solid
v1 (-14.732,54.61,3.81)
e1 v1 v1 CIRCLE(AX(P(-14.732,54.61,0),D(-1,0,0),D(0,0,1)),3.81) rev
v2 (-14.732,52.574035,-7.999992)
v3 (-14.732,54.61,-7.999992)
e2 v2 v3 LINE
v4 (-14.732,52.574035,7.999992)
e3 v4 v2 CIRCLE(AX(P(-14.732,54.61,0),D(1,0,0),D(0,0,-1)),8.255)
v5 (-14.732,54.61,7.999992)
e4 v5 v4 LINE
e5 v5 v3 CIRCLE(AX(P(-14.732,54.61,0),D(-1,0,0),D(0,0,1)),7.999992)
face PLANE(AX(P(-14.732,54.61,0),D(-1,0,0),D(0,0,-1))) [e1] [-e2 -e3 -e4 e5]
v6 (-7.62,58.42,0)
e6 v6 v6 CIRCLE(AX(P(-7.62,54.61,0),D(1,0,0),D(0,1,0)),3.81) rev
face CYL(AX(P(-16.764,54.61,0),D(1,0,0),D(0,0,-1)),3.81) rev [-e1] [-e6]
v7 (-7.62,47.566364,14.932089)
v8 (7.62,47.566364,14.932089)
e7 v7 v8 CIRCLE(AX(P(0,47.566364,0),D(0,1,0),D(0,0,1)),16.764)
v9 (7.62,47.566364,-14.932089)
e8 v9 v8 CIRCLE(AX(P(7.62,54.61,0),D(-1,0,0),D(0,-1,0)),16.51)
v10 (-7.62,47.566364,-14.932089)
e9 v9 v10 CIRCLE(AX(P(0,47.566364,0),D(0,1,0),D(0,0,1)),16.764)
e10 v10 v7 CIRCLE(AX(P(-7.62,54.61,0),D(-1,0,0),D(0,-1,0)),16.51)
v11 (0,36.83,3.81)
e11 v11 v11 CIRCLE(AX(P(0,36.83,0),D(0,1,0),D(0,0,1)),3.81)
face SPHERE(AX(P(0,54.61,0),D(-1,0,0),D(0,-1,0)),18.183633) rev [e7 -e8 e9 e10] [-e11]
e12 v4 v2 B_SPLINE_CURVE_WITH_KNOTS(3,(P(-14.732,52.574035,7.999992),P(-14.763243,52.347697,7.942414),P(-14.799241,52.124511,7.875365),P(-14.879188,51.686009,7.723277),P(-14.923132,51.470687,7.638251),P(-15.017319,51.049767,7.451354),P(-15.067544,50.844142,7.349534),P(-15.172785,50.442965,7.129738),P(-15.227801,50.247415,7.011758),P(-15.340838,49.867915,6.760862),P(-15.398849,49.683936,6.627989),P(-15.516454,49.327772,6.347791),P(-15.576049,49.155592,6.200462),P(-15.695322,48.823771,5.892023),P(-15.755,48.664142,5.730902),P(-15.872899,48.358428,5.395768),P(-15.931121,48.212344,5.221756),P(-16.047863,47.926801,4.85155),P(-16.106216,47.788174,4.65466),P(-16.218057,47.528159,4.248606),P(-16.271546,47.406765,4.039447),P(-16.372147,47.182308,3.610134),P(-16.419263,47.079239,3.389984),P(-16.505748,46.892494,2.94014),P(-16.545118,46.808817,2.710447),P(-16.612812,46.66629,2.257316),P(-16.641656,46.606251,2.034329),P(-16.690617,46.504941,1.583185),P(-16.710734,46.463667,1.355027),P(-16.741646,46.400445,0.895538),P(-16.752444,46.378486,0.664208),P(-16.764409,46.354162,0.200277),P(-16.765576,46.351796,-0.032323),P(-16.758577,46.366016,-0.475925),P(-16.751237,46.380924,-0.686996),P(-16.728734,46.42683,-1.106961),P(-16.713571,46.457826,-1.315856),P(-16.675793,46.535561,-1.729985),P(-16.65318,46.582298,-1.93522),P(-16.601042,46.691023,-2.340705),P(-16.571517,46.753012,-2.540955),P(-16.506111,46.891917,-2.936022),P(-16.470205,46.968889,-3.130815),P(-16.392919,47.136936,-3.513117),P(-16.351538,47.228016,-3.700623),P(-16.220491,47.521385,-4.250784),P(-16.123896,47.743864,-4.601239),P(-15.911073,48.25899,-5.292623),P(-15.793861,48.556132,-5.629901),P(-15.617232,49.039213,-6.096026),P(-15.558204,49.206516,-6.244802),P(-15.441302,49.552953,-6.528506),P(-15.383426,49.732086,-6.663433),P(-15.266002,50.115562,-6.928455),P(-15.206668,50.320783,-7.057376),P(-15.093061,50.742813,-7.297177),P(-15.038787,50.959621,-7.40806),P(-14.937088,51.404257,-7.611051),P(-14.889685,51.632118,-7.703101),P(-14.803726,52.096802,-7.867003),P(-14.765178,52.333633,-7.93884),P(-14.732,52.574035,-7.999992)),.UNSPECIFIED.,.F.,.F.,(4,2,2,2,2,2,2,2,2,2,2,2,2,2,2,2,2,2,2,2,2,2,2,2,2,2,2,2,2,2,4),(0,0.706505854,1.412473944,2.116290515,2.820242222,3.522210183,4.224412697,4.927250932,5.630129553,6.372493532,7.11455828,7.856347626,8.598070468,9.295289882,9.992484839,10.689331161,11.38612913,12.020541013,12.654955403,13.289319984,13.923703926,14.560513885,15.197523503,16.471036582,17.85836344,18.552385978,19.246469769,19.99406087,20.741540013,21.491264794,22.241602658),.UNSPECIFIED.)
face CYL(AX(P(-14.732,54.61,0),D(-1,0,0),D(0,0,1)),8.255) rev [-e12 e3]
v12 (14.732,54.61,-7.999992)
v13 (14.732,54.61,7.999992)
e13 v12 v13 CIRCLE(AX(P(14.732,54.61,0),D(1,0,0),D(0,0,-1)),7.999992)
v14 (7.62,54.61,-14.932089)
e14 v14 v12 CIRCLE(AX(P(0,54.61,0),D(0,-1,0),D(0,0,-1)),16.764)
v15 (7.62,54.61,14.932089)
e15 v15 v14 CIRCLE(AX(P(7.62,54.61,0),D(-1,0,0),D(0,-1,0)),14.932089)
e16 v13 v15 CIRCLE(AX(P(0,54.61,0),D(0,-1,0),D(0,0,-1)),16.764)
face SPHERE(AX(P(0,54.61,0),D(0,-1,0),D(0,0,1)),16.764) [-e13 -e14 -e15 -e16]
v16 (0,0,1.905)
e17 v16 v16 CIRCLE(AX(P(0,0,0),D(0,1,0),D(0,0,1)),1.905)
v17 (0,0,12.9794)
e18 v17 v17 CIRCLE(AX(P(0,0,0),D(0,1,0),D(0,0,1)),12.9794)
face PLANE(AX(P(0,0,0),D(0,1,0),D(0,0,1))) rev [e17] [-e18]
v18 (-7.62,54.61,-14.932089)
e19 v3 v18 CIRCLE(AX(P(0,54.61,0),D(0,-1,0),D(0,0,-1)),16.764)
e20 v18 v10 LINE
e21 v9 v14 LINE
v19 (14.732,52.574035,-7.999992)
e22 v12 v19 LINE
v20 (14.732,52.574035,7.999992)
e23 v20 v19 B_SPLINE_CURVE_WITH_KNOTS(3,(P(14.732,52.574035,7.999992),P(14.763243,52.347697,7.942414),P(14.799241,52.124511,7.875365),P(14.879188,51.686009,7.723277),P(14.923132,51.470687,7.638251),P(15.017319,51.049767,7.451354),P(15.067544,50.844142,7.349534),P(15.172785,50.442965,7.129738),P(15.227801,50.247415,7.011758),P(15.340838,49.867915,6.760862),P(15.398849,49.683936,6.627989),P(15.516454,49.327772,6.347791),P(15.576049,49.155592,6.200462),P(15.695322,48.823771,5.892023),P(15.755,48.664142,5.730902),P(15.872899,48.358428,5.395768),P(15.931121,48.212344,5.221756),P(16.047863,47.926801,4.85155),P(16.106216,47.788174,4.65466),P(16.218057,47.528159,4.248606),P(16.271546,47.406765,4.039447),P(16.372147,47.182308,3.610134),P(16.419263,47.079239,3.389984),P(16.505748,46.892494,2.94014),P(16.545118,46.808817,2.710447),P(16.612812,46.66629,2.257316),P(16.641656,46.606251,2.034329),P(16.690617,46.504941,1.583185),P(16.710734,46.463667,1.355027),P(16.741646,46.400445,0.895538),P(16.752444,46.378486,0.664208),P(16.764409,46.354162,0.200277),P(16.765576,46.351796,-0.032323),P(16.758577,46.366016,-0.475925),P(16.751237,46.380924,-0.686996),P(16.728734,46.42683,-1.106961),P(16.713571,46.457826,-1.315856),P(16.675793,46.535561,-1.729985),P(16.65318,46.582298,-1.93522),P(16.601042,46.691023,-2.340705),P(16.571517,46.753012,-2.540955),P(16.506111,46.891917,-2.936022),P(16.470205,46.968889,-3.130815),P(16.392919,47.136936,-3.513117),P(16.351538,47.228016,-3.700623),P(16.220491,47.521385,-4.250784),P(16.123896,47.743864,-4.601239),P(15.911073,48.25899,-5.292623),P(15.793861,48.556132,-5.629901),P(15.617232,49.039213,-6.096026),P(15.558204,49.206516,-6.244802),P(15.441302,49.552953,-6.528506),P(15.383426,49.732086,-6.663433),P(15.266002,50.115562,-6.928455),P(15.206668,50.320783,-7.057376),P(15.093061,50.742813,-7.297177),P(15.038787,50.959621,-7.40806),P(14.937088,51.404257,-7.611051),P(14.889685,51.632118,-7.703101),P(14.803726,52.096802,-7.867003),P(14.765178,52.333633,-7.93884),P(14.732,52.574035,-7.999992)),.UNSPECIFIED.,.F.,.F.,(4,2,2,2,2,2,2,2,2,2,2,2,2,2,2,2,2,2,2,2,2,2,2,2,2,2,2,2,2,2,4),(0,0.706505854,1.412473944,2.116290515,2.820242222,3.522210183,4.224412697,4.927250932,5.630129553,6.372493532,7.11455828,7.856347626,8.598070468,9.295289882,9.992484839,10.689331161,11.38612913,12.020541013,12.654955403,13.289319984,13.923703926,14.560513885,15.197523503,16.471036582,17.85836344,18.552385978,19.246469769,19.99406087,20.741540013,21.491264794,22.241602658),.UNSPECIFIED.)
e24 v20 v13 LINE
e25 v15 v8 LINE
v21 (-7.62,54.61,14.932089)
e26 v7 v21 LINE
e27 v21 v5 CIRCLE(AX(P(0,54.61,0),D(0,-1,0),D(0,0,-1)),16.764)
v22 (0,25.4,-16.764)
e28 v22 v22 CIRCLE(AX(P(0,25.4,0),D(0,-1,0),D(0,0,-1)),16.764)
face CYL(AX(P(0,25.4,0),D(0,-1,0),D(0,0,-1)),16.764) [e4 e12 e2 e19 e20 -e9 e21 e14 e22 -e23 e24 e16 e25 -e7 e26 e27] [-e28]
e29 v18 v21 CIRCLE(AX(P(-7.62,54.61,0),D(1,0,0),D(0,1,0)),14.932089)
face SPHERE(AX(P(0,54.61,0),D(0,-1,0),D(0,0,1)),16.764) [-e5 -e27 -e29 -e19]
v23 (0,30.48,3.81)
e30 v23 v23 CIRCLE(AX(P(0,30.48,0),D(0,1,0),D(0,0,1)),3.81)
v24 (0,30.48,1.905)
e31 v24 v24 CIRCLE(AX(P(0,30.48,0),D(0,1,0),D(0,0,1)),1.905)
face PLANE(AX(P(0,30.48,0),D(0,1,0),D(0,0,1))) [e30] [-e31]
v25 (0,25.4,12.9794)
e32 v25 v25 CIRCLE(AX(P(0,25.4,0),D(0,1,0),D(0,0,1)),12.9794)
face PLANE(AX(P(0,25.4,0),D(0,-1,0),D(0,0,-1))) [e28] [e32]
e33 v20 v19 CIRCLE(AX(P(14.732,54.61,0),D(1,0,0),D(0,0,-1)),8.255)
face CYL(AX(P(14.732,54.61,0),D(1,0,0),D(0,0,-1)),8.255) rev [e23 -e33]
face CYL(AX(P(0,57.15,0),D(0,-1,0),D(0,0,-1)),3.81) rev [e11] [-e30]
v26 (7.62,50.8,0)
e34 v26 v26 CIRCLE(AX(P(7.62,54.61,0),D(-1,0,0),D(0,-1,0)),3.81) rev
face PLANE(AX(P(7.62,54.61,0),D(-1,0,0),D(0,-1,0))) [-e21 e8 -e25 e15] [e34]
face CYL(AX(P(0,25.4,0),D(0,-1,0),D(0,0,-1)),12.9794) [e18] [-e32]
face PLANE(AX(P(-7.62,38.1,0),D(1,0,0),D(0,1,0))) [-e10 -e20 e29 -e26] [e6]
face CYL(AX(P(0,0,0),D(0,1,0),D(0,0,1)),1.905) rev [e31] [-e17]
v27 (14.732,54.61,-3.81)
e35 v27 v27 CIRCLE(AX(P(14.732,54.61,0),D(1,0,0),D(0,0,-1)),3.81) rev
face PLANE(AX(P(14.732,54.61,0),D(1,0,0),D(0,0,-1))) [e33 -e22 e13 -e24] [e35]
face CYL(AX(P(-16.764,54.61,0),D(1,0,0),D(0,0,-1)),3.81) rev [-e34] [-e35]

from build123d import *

# Parameters (mm, degrees)
SKETCH1_R               = 12.9794
BOSS_EXTRUDE1_DEPTH     = 25.4
CUT_EXTRUDE1_DEPTH      = 76.208452105
CUT_EXTRUDE1_DEPTH_BACK = 76.208452105
SKETCH3_R               = 3.81
SKETCH6_R               = 8.255
CUT_EXTRUDE2_DEPTH      = 2.032
SKETCH7_R               = 3.81
CUT_EXTRUDE3_DEPTH      = 26.67
SKETCH7_3_R             = 1.905
CUT_EXTRUDE4_DEPTH      = 46.693656372


with BuildPart() as part:
    # Sketch1 → Boss-Extrude1 (new body)
    with BuildSketch(Plane(origin=(0, 0, 0), x_dir=(1, 0, 0), z_dir=(0, 1, 0))):
        Circle(SKETCH1_R)
    extrude(amount=BOSS_EXTRUDE1_DEPTH)

    # Sketch2 → Revolve1 (revolve)
    with BuildSketch(Plane(origin=(0, 0, 0), x_dir=(0, 0, -1), z_dir=(1, 0, 0))):
        with BuildLine():
            Line((-16.764, 25.4), (-16.764, 54.61))
            ThreePointArc((-16.764, 54.61), (-11.85393808, 66.46393808), (0, 71.374))
            Line((0, 71.374), (0, 25.4))
            Line((0, 25.4), (-16.764, 25.4))
        make_face()
    revolve(axis=Axis((0, 25.4, 0), (0, 1, 0)))

    # Sketch3 → Cut-Extrude1 (cut, two sides: drawn at the far end of the back side and taken through both)
    with BuildSketch(Plane(origin=(0, 0, 0), x_dir=(0, 0, -1), z_dir=(1, 0, 0)).offset(-CUT_EXTRUDE1_DEPTH_BACK)):
        with Locations((0, 54.61)):
            Circle(SKETCH3_R)
    extrude(amount=CUT_EXTRUDE1_DEPTH + CUT_EXTRUDE1_DEPTH_BACK, mode=Mode.SUBTRACT)

    # Sketch4 → Cut-Revolve1 (revolve, cut)
    with BuildSketch(Plane.XY):
        with BuildLine():
            Line((-7.62, 38.1), (-7.62, 54.61))
            Line((-7.62, 54.61), (7.62, 54.61))
            Line((7.62, 54.61), (7.62, 38.1))
            ThreePointArc((7.62, 38.1), (0, 36.42636725), (-7.62, 38.1))
        make_face()
    revolve(axis=Axis((-7.62, 54.61, 0), (1, 0, 0)), mode=Mode.SUBTRACT)

    # Sketch6 → Cut-Extrude2 (cut)
    with BuildSketch(Plane(origin=(16.764, 0, 0), x_dir=(0, 0, -1), z_dir=(1, 0, 0))):
        with Locations((0, 54.61)):
            Circle(SKETCH6_R)
    cut_extrude2 = extrude(amount=-CUT_EXTRUDE2_DEPTH, mode=Mode.SUBTRACT)

    # Mirror1: Cut-Extrude2 across plane
    add(cut_extrude2.mirror(Plane(origin=(0, 0, 0), x_dir=(0, 0, 1), z_dir=(1, 0, 0))), mode=Mode.SUBTRACT)

    # Sketch7 → Cut-Extrude3 (cut)
    with BuildSketch(Plane(origin=(0, 30.48, 0), x_dir=(1, 0, 0), z_dir=(0, 1, 0))):
        Circle(SKETCH7_R)
    extrude(amount=CUT_EXTRUDE3_DEPTH, mode=Mode.SUBTRACT)

    # Sketch7<3> → Cut-Extrude4 (cut, through all)
    with BuildSketch(Plane(origin=(0, 30.48, 0), x_dir=(1, 0, 0), z_dir=(0, 1, 0))):
        Circle(SKETCH7_3_R)
    extrude(amount=-CUT_EXTRUDE4_DEPTH, mode=Mode.SUBTRACT)


solid = part.part
